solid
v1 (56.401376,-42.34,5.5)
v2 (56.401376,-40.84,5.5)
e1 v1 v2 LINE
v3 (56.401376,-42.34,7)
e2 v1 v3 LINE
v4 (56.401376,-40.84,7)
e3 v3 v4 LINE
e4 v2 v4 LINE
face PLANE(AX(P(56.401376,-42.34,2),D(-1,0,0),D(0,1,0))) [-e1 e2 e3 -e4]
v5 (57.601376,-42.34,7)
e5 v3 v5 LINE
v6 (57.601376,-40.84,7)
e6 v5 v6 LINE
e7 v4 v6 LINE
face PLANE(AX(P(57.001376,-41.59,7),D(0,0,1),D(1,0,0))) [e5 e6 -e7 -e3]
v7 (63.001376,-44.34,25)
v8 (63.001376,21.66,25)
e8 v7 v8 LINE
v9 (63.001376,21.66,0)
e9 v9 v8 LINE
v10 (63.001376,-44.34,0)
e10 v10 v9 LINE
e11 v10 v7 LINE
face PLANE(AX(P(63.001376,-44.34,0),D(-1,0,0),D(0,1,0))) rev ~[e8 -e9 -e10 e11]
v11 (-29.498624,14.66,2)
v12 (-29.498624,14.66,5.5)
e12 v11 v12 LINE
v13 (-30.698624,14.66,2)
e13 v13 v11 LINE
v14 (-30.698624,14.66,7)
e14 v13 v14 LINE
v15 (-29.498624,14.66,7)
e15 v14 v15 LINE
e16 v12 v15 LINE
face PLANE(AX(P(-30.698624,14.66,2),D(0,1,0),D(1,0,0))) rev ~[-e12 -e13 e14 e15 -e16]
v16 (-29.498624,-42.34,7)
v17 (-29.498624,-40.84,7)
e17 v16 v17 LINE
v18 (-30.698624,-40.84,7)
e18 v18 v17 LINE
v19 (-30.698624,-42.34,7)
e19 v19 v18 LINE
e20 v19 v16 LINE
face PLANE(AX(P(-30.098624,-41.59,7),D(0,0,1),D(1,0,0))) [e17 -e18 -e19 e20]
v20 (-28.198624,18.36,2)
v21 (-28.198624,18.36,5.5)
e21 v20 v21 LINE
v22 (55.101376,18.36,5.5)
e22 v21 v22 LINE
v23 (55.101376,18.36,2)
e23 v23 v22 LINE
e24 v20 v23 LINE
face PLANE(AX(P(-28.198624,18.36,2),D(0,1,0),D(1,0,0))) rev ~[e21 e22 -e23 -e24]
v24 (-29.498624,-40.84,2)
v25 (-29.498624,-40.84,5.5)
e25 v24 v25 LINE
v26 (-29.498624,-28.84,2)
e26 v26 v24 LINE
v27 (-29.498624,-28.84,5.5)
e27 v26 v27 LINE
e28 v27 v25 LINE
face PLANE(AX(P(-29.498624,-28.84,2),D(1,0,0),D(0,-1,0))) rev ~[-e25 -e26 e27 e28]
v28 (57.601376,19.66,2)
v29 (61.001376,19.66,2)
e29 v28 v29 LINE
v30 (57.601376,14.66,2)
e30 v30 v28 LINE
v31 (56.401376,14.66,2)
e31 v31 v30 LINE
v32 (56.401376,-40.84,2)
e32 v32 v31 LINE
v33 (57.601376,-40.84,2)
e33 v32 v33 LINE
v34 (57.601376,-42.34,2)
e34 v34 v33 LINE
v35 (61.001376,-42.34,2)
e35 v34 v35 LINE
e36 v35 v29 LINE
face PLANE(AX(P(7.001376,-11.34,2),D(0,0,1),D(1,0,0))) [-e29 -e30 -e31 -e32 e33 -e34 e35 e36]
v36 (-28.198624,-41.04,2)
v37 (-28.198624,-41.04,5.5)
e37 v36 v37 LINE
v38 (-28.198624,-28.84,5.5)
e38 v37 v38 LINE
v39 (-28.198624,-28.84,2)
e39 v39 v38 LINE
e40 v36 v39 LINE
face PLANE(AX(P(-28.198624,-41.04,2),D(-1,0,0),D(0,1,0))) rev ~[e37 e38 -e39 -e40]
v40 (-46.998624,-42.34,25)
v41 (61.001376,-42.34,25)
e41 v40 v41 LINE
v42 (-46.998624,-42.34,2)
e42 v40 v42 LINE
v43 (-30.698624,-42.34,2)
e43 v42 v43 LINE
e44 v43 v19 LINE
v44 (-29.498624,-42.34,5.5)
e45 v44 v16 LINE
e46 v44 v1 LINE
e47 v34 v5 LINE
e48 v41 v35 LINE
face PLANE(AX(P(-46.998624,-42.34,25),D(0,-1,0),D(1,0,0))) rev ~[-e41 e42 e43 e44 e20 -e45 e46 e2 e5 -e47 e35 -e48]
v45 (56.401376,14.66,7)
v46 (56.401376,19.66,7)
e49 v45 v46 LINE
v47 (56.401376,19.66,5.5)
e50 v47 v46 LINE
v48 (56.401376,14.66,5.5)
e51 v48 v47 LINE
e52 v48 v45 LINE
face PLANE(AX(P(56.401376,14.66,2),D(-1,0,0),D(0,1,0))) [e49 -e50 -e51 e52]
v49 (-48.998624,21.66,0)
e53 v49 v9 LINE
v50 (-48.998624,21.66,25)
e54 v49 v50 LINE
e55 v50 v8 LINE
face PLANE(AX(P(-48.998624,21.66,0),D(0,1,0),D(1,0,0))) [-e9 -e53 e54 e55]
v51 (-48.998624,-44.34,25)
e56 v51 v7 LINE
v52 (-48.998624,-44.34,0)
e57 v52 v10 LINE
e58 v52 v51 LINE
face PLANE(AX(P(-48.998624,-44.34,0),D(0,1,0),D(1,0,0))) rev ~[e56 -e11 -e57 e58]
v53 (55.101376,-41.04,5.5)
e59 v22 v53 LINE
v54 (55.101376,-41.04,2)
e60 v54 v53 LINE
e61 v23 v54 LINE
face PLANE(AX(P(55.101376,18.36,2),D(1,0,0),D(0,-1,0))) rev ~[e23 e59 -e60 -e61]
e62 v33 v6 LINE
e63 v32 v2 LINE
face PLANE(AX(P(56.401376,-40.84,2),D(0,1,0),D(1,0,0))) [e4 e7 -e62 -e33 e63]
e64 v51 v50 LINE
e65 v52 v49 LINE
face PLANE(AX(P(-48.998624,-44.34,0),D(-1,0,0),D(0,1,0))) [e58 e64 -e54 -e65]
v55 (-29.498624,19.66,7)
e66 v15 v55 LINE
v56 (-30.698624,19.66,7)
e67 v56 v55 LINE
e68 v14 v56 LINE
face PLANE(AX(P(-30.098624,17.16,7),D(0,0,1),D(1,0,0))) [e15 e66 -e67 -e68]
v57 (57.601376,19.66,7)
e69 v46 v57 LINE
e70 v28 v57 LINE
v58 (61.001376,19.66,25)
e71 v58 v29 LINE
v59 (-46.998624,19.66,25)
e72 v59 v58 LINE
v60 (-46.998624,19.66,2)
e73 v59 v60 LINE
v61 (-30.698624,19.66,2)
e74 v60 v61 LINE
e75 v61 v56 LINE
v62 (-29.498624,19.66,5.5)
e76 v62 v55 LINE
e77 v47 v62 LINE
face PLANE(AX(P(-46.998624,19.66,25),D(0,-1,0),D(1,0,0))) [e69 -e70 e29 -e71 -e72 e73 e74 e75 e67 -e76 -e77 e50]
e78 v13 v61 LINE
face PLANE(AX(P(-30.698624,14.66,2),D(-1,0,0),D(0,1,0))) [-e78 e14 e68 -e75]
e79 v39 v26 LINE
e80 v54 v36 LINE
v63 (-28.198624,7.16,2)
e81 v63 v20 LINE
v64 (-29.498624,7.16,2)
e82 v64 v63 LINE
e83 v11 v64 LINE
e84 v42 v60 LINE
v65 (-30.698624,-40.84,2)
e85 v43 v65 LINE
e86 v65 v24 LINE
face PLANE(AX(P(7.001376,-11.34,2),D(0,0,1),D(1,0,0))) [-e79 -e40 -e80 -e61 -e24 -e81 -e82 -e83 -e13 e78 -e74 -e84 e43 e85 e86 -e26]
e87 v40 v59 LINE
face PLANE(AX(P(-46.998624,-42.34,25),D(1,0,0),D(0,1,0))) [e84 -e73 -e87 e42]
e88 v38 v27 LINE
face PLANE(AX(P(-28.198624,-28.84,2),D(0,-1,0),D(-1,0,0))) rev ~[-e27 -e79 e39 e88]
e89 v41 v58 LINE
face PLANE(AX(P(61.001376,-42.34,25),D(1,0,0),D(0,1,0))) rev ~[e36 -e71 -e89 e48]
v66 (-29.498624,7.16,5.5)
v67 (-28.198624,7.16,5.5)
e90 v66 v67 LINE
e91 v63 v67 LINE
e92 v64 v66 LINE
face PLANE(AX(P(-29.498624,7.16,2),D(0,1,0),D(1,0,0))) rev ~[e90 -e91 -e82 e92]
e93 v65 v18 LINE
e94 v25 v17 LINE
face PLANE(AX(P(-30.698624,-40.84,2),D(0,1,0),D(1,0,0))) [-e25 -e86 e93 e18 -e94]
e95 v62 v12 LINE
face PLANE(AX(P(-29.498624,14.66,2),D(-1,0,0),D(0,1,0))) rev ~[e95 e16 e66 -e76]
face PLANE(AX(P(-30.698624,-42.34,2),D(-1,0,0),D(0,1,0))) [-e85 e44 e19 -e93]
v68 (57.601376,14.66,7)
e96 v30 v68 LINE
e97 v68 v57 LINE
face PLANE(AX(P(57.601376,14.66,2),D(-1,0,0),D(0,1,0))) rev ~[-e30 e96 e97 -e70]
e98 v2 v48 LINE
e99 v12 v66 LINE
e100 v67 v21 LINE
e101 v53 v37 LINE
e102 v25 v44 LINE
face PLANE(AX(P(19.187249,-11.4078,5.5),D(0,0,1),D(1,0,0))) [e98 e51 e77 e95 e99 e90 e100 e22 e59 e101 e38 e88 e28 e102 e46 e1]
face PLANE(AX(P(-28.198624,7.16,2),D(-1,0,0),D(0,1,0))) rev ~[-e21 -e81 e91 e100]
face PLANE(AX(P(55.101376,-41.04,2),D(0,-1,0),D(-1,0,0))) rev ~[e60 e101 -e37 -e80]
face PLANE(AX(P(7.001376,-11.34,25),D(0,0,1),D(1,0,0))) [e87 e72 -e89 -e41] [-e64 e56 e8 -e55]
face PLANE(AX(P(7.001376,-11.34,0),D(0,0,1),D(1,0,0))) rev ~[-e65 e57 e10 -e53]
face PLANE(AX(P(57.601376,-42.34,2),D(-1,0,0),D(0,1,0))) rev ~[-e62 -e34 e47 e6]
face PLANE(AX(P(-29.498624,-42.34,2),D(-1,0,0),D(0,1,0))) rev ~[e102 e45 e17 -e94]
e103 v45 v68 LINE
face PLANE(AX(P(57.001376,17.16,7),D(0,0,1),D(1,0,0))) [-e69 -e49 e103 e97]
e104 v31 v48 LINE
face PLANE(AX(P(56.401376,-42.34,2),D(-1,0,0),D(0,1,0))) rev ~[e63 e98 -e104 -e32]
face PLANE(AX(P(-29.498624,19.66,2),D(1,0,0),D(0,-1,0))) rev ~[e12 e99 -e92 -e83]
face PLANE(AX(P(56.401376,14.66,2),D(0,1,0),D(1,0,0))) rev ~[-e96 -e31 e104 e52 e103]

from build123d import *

# Parameters (mm, degrees)
F0_W     = 112
F0_H     = 66
F1_DEPTH = 25
F2_W     = 108
F2_H     = 62
F3_DEPTH = 23
F5_DEPTH = 3.5
F6_W     = 1.2
F6_H     = 5
F6_H_2   = 1.5
F7_DEPTH = 5


with BuildPart() as f1:
    # F0 (on Top) → F1 (new body)
    with BuildSketch(Plane.XY):
        with Locations((7.001376, -11.34)):
            Rectangle(F0_W, F0_H)
    extrude(amount=F1_DEPTH)

    # F2 (on face) → F3 (cut)
    with BuildSketch(Plane.XY.offset(25)):
        with Locations((7.001376, -11.34)):
            Rectangle(F2_W, F2_H)
    extrude(amount=-F3_DEPTH, mode=Mode.SUBTRACT)

    # F4 (on face) → F5 (join)
    with BuildSketch(Plane.XY.offset(2)):
        Polygon((-28.198624, 7.16), (-28.198624, 18.36), (55.101376, 18.36), (55.101376, -41.04), (-28.198624, -41.04), (-28.198624, -28.84), (-29.498624, -28.84), (-29.498624, -42.34), (56.401376, -42.34), (56.401376, 19.66), (-29.498624, 19.66), (-29.498624, 7.16), align=None)
    extrude(amount=F5_DEPTH)

    # F6 (on face) → F7 (join)
    with BuildSketch(Plane.XY.offset(2)):
        with Locations((57.001376, 17.16)):
            Rectangle(F6_W, F6_H)
        with Locations((-30.098624, -41.59)):
            Rectangle(F6_W, F6_H_2)
        with Locations((57.001376, -41.59)):
            Rectangle(F6_W, F6_H_2)
        with Locations((-30.098624, 17.16)):
            Rectangle(F6_W, F6_H)
    extrude(amount=F7_DEPTH)


solid = f1.part
